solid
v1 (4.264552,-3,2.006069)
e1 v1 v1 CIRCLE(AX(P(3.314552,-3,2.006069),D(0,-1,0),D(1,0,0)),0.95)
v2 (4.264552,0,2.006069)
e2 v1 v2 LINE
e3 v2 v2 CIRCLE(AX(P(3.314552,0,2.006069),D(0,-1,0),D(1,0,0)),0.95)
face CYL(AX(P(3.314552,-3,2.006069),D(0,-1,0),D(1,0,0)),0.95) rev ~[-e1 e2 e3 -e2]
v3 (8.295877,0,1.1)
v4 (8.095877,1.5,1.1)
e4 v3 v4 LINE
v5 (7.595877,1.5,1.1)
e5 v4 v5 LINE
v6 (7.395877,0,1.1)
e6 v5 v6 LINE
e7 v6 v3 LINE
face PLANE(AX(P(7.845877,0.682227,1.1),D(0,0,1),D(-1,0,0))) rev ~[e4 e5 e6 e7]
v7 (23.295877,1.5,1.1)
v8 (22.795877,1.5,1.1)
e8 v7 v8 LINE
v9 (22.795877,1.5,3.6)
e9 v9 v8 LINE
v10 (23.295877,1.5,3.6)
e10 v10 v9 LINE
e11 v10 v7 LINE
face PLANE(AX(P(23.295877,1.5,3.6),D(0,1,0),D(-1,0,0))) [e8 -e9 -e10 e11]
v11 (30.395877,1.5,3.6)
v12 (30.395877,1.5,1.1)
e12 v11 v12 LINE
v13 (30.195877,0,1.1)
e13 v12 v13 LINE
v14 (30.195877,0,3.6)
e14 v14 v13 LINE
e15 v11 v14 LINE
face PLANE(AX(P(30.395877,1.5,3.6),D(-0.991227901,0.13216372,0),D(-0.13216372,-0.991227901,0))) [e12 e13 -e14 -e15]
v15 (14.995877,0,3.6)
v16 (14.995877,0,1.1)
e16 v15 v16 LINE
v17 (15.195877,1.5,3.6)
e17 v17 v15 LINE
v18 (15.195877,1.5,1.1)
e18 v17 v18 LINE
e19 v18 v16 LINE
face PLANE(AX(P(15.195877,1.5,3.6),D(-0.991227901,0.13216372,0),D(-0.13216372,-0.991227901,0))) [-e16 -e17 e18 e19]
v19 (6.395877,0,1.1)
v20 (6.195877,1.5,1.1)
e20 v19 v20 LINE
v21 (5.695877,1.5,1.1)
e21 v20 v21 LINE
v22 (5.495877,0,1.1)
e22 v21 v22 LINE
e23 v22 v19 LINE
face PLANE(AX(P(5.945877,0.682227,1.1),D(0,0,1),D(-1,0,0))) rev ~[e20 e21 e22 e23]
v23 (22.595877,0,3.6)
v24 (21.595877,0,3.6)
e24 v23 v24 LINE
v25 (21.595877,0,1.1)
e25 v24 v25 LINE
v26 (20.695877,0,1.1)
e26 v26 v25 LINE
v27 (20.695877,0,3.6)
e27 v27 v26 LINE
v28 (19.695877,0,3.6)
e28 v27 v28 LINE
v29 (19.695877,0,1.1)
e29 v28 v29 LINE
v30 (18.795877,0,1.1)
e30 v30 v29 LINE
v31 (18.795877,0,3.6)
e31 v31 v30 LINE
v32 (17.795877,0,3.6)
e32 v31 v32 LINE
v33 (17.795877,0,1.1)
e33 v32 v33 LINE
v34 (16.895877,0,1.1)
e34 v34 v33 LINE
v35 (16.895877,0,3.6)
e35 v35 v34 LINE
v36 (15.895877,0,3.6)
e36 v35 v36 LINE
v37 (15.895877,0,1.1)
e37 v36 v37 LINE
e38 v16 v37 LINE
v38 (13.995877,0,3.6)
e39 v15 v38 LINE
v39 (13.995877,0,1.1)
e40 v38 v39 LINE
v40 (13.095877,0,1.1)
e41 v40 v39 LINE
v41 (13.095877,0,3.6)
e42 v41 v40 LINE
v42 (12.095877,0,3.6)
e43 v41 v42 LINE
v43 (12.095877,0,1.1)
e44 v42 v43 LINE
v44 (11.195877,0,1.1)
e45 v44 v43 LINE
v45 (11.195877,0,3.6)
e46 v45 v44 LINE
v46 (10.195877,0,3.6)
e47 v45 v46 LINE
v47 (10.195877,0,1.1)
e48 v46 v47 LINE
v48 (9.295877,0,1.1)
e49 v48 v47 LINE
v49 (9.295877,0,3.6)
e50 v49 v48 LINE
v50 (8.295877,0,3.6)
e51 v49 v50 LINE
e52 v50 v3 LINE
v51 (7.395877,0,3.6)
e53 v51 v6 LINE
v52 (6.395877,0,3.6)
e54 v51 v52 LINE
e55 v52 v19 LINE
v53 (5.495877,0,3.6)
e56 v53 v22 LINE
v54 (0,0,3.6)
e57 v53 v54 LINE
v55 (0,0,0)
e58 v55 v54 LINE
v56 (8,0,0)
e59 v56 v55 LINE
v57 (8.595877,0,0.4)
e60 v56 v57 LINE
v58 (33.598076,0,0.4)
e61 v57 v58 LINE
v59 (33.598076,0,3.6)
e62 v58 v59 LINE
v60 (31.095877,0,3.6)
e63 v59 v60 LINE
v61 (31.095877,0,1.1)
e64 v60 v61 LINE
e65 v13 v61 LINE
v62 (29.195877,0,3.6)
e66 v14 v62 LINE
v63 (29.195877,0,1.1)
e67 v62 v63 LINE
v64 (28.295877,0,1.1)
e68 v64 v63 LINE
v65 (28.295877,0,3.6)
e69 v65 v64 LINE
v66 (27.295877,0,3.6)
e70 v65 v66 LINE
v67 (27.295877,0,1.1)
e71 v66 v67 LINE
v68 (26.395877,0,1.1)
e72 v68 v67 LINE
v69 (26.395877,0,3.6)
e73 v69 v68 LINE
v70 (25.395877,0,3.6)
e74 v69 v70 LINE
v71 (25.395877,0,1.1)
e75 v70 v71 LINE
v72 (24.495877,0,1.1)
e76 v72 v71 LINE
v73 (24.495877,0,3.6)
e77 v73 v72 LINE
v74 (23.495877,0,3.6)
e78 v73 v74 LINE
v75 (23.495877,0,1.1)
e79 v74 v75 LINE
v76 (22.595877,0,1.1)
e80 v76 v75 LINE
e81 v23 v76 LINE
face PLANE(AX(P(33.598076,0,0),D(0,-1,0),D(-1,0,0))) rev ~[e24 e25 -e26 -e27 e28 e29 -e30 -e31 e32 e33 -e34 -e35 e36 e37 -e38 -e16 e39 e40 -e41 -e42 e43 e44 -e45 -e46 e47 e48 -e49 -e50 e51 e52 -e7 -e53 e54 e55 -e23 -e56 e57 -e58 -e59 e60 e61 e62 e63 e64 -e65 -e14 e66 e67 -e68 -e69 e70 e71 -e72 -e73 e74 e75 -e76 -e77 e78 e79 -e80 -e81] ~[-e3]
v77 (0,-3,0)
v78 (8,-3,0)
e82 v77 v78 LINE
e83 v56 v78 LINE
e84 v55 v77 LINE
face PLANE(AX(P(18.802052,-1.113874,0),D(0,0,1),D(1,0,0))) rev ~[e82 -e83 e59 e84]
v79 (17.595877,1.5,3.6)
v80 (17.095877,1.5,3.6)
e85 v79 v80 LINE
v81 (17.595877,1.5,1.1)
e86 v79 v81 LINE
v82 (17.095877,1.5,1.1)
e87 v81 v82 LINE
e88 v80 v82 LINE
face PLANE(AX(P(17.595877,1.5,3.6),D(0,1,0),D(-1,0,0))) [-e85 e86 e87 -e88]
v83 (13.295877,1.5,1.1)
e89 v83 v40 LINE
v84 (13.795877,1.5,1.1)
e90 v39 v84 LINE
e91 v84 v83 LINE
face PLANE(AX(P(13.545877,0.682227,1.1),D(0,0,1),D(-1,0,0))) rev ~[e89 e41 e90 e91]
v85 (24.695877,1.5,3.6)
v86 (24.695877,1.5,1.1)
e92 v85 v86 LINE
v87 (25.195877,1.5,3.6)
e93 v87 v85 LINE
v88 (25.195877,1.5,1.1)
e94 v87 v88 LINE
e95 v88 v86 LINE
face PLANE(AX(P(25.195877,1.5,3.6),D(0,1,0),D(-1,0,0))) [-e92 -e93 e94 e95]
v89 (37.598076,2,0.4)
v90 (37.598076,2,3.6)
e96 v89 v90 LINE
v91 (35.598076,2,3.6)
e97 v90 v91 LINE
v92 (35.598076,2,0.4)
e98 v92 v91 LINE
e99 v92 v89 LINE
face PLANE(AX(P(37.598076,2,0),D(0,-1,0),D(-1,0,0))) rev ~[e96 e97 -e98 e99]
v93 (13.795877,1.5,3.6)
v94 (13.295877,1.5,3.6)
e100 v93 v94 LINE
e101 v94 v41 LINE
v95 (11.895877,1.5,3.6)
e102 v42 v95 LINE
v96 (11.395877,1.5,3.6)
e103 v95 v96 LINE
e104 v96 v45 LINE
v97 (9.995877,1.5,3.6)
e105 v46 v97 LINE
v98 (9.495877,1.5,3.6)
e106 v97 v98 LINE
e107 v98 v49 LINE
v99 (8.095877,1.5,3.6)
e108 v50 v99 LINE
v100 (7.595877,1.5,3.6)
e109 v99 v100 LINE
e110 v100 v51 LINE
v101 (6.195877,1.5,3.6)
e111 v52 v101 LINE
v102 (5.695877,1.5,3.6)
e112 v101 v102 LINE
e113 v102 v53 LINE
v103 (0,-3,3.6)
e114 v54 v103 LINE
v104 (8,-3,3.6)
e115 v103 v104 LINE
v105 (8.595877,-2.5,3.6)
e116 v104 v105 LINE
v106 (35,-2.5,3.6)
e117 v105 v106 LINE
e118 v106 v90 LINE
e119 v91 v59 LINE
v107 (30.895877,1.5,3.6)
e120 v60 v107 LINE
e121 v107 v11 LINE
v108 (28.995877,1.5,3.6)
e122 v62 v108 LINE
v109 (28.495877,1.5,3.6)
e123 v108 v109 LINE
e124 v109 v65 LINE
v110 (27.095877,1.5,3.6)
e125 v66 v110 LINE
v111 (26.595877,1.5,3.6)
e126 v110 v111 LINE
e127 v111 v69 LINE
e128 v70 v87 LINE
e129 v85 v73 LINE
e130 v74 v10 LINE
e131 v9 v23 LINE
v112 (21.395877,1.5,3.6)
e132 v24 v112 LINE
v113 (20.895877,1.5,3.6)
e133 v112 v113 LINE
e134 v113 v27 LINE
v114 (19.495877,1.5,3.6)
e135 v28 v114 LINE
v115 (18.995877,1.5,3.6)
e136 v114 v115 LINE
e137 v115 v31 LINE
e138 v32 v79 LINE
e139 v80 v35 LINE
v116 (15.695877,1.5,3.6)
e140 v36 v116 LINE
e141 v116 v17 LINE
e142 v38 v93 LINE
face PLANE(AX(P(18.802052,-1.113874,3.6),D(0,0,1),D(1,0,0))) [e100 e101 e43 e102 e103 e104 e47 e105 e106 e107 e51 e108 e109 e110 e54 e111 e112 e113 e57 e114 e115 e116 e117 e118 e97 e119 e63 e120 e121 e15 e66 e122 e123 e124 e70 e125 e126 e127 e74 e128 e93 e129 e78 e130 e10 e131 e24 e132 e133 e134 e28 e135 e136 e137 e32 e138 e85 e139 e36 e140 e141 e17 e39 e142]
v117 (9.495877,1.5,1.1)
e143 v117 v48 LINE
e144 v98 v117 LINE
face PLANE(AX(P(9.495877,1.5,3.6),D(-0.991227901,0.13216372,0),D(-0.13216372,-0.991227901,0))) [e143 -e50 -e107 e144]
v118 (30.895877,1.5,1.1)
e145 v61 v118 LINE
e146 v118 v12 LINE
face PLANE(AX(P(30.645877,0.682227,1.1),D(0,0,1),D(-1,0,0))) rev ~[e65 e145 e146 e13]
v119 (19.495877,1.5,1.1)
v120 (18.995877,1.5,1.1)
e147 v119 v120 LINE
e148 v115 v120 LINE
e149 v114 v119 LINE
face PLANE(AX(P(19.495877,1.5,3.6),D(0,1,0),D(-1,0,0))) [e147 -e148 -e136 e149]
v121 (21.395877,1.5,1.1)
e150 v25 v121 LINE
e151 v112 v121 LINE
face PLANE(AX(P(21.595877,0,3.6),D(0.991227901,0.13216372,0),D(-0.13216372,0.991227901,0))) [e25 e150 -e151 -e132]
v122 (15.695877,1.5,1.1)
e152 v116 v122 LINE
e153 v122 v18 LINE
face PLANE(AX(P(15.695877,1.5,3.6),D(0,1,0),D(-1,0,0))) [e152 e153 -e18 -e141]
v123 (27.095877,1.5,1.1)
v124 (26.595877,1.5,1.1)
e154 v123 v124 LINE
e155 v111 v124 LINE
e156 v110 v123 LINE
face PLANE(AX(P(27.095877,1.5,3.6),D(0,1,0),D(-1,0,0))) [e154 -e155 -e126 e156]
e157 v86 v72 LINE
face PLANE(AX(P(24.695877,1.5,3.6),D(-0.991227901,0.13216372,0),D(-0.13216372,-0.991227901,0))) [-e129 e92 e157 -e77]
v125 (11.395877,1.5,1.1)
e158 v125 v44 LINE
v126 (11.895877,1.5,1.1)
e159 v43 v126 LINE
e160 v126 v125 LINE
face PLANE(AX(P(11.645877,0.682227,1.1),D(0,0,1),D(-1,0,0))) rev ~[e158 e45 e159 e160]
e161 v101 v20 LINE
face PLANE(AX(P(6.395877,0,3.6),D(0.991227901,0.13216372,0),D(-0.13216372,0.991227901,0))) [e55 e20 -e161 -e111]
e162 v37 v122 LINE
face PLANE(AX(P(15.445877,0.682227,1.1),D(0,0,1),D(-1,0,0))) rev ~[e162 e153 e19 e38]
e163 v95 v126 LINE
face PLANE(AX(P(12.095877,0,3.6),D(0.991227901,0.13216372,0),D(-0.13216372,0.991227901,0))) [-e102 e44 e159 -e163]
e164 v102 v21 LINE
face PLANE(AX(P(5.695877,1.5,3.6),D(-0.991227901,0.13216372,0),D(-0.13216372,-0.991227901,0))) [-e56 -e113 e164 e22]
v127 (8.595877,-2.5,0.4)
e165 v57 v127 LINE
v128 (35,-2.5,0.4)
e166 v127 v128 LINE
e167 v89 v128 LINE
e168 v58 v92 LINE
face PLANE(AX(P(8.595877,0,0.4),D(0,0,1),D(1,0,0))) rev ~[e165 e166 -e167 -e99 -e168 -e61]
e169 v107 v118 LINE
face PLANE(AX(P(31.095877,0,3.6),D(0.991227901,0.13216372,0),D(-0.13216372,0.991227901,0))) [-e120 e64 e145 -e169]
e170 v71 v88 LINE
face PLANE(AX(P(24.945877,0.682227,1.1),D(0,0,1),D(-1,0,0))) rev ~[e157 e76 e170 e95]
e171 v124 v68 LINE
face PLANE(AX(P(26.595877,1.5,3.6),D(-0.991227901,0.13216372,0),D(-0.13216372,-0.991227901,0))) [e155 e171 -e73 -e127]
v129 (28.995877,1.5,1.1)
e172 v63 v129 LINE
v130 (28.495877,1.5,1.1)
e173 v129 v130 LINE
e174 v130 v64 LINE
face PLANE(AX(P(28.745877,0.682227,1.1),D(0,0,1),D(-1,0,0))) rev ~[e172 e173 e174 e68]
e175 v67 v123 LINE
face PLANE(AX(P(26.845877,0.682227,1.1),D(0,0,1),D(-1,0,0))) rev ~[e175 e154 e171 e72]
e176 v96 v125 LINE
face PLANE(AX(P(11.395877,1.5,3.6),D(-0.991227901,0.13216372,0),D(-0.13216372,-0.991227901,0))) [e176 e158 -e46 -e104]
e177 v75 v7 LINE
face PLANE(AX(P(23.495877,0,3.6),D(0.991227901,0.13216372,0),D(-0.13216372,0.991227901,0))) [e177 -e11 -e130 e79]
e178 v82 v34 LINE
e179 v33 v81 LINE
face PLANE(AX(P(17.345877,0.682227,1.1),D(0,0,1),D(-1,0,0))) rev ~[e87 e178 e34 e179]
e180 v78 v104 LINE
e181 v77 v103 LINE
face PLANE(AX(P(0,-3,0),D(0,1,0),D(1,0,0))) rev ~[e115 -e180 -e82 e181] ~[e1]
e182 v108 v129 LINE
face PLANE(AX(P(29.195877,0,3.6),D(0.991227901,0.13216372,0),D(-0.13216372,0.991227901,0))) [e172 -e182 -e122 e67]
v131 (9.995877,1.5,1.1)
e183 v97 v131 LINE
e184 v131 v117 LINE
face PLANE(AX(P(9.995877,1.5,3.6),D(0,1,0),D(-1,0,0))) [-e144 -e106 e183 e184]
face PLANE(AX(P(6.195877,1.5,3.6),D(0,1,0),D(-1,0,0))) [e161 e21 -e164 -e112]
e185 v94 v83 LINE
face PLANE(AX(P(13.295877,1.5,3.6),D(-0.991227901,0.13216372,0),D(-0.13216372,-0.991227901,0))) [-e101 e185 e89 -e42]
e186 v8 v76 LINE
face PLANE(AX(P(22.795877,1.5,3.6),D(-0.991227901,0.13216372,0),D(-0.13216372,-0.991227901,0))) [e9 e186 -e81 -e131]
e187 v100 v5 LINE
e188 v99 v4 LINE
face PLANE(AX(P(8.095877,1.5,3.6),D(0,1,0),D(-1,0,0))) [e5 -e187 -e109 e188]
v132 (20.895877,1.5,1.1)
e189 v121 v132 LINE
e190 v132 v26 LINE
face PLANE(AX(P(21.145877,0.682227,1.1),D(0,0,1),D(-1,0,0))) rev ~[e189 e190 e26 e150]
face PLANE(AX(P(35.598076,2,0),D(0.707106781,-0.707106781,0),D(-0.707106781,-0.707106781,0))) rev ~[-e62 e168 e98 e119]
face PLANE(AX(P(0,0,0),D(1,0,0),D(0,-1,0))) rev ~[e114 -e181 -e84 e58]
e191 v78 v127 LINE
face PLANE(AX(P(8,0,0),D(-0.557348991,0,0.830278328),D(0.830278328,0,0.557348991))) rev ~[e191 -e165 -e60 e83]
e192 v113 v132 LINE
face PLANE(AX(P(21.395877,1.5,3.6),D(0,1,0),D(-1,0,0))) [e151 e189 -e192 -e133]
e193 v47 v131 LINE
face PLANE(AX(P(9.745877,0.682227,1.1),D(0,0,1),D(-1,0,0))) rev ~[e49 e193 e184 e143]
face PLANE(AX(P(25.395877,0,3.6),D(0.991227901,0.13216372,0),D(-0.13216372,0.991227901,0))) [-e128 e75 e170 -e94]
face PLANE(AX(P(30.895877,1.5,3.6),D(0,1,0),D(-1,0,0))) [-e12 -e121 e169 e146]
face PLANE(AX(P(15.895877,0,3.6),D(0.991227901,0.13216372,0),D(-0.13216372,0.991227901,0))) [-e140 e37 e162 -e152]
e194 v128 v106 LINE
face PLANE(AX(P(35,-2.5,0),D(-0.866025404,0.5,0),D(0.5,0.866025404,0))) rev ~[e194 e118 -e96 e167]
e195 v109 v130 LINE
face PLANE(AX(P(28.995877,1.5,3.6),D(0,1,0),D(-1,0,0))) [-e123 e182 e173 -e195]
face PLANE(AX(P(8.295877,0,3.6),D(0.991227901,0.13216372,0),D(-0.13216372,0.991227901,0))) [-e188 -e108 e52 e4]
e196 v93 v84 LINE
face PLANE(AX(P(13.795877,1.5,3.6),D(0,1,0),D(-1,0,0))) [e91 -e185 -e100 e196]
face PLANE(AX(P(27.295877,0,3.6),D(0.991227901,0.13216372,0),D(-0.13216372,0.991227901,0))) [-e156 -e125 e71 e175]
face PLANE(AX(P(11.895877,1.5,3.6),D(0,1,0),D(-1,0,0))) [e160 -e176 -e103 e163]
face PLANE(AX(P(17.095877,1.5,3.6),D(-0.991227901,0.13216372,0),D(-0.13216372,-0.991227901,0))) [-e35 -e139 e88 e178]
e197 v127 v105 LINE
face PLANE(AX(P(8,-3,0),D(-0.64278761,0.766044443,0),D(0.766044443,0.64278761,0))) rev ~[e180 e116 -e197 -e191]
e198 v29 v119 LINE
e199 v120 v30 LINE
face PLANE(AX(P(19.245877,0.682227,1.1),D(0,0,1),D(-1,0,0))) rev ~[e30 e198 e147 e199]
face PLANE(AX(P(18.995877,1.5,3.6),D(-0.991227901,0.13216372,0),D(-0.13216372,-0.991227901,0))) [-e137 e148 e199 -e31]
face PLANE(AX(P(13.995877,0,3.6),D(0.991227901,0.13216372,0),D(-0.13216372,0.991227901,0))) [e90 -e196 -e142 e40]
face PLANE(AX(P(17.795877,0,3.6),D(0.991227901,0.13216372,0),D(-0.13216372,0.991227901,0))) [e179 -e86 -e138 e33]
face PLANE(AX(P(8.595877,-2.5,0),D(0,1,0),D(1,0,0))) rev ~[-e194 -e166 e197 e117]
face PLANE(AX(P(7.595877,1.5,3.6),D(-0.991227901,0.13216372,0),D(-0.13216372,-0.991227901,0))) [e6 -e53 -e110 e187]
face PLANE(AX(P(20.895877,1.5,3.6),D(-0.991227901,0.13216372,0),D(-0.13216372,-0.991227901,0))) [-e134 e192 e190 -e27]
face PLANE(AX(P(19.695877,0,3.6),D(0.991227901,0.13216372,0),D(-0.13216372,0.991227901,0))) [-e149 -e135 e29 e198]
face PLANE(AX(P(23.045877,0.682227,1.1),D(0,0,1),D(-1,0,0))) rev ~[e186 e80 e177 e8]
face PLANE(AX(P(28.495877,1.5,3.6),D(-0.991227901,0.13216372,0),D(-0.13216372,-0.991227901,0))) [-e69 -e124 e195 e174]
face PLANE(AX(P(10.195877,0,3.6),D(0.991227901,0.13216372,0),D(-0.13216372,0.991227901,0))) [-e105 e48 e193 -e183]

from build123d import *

# Parameters (mm, degrees)
P_IDAT_VYSUNUT_M1_DEPTH       = 3.6
ODEBRAT_VYSUNUT_M1_DEPTH      = 3
ODEBRAT_VYSUNUT_M1_DEPTH_BACK = 4
P_IDAT_VYSUNUT_M2_DEPTH       = 2.5
LINPOLE1_COUNT                = 12
LINPOLE1_PITCH                = 1.9
LINPOLE1_COL_COUNT            = 3
LINPOLE1_COL_PITCH            = 1.9
SKICA5_R                      = 0.95
ODEBRAT_VYSUNUT_M2_DEPTH      = 5


with BuildPart() as part:
    # Skica1 → Přidat vysunutím1 (new body)
    with BuildSketch(Plane.XY):
        Polygon((0, 0), (0, -3), (8, -3), (8.595876796, -2.5), (35, -2.5), (37.598076211, 2), (35.598076211, 2), (33.598076211, 0), align=None)
    extrude(amount=P_IDAT_VYSUNUT_M1_DEPTH)

    # Skica2 → Odebrat vysunutím1 (cut, two sides)
    with BuildSketch(Plane(origin=(0, 0, 0), x_dir=(1, 0, 0), z_dir=(0, 1, 0))) as odebrat_vysunut_m1_sk:
        Polygon((8, 0), (8.595876796, -0.4), (37.598076211, -0.4), (37.598076211, 0), align=None)
    extrude(amount=ODEBRAT_VYSUNUT_M1_DEPTH, mode=Mode.SUBTRACT)
    extrude(odebrat_vysunut_m1_sk.sketch, amount=-ODEBRAT_VYSUNUT_M1_DEPTH_BACK, mode=Mode.SUBTRACT)

    # Skica3 → Přidat vysunutím2 (add)
    with BuildSketch(Plane(origin=(0, -4.2, 3.6), x_dir=(1, 0, 0), z_dir=(0, 0, -1))):
        Polygon((9.295876796, -4.2), (10.195876796, -4.2), (9.995876796, -5.7), (9.495876796, -5.7), align=None)
    p_idat_vysunut_m2 = extrude(amount=P_IDAT_VYSUNUT_M2_DEPTH)

    # LinPole1: Přidat vysunutím2 ×12
    with Locations(*[(i * LINPOLE1_PITCH, 0, 0) for i in range(1, LINPOLE1_COUNT)]):
        add(p_idat_vysunut_m2)

    # LinPole1 col: Přidat vysunutím2 ×3
    with Locations(*[(-i * LINPOLE1_COL_PITCH, 0, 0) for i in range(1, LINPOLE1_COL_COUNT)]):
        add(p_idat_vysunut_m2)

    # Skica5 → Odebrat vysunutím2 (cut)
    with BuildSketch(Plane.XZ.offset(3)):
        with Locations((3.314552363, 2.006068977)):
            Circle(SKICA5_R)
    extrude(amount=-ODEBRAT_VYSUNUT_M2_DEPTH, mode=Mode.SUBTRACT)


solid = part.part
